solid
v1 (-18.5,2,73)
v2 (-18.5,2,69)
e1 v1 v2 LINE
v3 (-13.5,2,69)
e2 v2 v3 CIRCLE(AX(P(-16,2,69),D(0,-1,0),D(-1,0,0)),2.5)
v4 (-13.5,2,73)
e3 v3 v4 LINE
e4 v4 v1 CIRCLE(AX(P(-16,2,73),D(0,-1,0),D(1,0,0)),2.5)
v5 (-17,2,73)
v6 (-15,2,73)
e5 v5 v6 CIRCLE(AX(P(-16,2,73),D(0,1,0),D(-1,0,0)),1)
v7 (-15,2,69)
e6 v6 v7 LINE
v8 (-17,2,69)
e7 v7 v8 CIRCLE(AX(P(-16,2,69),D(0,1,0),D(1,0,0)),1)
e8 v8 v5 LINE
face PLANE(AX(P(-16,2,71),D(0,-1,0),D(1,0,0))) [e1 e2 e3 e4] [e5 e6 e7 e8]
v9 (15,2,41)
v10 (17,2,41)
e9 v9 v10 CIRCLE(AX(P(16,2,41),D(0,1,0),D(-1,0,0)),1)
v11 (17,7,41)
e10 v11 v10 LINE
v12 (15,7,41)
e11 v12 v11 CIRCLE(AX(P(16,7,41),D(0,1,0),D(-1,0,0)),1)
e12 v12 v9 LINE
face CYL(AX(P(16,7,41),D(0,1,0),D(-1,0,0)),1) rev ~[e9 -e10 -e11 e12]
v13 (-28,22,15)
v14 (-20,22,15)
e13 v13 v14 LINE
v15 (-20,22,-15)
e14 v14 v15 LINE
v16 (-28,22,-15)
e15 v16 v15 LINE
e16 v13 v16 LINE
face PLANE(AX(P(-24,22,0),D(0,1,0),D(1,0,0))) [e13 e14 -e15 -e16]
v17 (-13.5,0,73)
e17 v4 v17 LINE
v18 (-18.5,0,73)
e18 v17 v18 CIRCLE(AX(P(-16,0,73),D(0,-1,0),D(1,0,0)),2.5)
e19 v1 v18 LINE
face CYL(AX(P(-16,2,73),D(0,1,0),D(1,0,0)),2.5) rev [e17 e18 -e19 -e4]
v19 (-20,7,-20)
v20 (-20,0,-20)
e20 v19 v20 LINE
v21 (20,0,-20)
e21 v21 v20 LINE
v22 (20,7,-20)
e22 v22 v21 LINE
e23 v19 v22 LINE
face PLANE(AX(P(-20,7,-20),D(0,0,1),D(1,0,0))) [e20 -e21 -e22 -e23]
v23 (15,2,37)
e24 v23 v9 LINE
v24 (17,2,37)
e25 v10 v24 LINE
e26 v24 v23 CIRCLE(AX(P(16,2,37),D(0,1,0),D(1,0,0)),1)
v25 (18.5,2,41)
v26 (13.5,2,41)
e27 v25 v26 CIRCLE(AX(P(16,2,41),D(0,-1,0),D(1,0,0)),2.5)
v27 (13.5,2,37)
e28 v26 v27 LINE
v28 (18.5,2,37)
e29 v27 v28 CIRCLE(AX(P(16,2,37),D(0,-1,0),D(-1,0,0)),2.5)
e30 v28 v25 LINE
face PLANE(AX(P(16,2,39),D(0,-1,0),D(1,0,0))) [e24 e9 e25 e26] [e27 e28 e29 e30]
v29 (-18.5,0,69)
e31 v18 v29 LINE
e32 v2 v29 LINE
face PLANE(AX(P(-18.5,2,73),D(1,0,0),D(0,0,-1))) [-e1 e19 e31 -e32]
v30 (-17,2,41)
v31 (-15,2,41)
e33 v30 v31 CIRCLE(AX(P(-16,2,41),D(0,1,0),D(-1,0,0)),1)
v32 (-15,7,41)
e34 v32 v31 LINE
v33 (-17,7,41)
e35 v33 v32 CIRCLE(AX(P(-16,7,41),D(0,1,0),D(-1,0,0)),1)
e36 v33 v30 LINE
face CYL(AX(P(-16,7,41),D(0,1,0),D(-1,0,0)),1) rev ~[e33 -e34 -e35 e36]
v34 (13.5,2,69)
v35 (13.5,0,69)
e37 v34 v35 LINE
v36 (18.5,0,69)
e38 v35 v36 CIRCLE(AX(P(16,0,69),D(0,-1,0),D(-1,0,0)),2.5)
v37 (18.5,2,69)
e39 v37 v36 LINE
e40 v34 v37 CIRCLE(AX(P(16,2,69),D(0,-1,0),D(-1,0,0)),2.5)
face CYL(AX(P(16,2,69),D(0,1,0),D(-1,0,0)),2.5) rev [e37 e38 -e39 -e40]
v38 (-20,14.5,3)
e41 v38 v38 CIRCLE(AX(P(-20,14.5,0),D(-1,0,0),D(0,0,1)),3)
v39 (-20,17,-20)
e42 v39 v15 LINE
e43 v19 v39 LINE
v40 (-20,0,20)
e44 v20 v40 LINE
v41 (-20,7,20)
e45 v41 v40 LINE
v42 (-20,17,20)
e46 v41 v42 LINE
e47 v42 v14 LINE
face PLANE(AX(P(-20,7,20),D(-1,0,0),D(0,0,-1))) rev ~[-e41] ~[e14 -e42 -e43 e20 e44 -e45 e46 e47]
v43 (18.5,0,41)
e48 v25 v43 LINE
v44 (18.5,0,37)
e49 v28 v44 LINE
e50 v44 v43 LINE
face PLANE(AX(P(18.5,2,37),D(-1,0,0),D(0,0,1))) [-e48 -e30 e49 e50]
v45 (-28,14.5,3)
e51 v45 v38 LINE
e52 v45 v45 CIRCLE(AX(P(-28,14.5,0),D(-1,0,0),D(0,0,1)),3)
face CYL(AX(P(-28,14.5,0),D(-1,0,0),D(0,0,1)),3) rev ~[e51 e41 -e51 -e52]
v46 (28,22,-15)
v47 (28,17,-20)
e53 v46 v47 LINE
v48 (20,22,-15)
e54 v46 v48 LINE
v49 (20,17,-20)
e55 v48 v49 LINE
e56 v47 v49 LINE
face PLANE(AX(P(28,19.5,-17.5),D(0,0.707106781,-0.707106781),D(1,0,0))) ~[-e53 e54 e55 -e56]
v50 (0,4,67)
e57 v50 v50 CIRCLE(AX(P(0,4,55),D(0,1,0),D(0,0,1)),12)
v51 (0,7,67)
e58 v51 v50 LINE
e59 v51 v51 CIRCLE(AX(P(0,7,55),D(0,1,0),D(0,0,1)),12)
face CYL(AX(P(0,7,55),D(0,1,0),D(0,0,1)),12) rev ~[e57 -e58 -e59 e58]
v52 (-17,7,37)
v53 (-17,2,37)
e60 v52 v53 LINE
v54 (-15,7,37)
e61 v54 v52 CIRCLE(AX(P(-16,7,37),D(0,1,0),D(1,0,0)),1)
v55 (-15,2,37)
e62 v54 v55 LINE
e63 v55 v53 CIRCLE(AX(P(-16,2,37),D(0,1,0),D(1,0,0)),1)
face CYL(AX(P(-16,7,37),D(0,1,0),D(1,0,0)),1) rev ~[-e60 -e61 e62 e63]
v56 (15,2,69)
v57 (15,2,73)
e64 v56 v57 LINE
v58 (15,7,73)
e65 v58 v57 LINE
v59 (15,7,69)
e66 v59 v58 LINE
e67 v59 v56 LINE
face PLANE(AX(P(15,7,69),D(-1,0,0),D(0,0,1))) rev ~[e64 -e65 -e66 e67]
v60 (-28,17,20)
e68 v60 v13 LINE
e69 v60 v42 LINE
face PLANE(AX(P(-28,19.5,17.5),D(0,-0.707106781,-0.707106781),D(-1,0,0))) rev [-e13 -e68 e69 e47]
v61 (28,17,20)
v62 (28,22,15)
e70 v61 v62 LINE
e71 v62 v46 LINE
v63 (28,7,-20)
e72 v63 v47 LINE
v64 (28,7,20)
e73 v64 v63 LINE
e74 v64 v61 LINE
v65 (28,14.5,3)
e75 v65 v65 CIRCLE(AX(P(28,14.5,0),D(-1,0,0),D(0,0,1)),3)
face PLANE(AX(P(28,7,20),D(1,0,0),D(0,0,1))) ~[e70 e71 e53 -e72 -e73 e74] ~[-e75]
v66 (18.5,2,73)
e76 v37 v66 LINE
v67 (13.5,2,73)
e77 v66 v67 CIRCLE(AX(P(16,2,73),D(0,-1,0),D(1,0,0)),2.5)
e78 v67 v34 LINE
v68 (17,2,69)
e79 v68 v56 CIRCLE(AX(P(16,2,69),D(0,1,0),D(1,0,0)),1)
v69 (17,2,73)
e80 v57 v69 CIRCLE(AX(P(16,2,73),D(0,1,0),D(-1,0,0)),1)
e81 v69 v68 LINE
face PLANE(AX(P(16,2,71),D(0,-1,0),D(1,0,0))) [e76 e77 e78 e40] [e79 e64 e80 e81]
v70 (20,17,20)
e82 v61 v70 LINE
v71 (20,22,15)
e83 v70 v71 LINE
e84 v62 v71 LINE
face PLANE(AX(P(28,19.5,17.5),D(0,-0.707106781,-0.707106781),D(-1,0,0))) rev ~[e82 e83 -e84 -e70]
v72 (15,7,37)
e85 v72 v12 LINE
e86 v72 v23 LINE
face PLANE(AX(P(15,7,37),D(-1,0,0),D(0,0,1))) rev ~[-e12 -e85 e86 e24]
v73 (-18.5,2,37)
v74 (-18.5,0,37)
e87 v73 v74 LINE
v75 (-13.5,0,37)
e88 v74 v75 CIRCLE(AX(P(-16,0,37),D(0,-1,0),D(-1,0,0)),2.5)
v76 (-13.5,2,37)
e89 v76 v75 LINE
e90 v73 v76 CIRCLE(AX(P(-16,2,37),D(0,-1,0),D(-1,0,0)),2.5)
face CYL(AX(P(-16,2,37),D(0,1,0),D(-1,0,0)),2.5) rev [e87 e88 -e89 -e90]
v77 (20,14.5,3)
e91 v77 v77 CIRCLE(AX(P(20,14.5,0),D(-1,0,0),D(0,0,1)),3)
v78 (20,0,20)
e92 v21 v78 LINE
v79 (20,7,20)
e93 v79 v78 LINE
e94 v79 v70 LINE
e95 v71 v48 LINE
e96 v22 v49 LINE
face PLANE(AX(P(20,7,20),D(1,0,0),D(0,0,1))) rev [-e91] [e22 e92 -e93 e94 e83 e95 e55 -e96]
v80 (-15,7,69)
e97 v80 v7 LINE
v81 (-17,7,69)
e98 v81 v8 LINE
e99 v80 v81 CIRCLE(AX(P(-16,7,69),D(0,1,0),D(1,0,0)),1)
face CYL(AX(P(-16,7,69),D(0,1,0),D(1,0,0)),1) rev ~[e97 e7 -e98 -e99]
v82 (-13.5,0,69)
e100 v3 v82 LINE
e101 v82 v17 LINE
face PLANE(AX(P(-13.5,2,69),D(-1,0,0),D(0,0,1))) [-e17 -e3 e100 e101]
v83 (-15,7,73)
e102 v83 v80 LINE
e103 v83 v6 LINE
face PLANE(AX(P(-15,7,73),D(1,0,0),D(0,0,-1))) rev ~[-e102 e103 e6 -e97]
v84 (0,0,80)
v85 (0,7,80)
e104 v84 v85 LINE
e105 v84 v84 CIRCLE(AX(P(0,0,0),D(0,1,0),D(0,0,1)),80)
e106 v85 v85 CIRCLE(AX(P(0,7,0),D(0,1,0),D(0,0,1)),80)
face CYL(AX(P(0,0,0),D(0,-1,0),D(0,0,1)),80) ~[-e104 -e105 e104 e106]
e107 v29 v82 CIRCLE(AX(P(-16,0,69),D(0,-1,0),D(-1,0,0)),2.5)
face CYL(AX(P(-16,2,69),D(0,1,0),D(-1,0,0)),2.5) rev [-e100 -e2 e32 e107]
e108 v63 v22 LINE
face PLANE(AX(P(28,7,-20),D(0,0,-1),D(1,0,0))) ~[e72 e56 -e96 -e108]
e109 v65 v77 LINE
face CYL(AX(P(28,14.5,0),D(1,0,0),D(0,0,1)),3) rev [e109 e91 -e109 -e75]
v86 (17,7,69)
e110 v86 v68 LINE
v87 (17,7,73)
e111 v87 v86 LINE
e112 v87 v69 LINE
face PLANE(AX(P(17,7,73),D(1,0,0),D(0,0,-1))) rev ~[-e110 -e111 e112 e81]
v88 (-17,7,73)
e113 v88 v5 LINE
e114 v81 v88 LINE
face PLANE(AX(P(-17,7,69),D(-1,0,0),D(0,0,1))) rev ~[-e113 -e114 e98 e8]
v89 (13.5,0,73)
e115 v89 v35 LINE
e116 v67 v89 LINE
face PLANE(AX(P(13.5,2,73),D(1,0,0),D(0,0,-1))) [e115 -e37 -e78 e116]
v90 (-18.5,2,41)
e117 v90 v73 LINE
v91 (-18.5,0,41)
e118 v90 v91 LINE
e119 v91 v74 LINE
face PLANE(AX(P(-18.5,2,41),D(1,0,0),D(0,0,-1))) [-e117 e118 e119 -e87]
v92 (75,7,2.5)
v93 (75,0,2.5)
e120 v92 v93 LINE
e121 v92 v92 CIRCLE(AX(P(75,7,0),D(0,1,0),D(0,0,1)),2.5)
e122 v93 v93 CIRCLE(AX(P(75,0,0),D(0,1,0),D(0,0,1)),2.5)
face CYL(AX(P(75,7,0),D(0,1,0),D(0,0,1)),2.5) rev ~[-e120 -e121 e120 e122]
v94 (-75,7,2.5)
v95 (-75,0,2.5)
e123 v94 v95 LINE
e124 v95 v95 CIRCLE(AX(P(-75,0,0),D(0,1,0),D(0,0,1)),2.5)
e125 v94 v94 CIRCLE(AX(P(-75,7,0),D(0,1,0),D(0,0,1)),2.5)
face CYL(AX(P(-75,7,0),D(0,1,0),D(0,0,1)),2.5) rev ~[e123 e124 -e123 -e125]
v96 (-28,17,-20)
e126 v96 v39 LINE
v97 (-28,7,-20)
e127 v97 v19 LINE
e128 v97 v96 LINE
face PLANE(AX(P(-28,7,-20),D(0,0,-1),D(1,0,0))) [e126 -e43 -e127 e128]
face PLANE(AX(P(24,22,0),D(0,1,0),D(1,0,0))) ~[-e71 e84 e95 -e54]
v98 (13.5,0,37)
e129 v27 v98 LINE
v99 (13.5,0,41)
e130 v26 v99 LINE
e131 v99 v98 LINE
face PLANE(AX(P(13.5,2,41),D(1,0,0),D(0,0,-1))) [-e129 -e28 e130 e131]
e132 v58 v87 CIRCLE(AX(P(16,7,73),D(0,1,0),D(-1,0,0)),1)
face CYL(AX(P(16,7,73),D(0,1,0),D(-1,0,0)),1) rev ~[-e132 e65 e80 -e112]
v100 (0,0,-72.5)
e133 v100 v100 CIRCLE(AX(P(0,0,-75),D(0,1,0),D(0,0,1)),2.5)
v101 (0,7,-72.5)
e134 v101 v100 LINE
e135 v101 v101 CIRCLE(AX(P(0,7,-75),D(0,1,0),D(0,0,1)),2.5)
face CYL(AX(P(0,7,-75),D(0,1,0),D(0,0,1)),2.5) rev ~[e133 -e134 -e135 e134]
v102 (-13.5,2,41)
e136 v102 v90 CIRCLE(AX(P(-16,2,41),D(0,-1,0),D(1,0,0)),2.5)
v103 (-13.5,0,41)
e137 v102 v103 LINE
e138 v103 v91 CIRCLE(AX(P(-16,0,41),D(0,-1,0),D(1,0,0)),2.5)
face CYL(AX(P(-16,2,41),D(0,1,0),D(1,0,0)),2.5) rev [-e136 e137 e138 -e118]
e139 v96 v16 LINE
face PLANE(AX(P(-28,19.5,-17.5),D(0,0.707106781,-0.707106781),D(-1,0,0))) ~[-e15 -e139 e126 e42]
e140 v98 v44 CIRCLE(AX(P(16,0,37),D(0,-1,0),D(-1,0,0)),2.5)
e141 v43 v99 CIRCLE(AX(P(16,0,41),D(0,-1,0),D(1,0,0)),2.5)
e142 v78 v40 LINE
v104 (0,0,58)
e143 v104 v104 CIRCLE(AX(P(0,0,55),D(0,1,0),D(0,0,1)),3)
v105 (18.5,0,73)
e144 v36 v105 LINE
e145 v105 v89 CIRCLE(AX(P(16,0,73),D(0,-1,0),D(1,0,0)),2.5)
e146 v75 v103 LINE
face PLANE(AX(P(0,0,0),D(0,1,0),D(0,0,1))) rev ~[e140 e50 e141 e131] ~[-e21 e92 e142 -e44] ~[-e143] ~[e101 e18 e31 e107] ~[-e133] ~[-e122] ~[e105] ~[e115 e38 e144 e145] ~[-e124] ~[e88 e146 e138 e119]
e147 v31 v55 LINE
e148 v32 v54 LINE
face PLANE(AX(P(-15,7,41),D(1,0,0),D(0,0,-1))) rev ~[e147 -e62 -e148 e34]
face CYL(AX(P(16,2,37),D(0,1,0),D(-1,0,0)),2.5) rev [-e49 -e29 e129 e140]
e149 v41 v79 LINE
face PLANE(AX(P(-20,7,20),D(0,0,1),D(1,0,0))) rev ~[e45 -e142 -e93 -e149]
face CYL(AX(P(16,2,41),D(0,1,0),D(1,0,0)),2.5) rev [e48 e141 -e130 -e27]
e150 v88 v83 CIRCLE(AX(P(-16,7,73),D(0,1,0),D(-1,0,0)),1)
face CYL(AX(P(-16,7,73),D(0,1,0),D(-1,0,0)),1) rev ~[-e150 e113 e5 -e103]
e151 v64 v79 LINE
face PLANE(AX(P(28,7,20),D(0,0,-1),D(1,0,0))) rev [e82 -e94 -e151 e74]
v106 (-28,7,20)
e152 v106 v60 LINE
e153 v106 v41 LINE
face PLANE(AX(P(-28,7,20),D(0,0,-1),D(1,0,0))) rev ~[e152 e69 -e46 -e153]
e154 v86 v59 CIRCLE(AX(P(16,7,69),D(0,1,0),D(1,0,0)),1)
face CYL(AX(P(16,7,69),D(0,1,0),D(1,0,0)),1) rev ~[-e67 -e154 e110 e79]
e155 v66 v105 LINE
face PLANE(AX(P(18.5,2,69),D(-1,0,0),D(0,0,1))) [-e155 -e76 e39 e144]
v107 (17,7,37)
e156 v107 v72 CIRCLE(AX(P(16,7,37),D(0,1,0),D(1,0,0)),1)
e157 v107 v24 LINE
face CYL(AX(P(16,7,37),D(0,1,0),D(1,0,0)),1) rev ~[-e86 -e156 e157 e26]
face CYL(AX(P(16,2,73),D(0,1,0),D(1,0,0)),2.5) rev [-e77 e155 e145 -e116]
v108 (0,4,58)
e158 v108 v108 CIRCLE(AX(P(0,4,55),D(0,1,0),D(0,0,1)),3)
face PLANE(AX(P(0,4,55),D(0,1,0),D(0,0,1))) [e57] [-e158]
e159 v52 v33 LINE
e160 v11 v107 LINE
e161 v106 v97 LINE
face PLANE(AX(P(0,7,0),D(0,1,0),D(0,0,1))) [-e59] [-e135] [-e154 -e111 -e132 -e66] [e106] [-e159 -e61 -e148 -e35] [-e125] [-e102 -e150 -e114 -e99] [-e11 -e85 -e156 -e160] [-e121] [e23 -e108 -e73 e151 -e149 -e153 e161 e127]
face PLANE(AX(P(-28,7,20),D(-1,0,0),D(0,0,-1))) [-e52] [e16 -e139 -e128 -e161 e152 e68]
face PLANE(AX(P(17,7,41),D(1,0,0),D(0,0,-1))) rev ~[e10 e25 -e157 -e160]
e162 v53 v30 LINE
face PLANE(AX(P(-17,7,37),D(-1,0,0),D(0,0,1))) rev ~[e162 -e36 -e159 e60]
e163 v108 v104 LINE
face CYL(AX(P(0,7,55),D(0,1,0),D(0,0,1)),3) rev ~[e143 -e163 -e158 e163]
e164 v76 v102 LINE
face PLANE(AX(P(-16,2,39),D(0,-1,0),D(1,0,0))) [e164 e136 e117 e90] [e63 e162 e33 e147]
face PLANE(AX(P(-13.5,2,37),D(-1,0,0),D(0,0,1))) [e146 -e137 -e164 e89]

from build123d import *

# Parameters (mm, degrees)
SKETCH1_R               = 80
BOSS_EXTRUDE1_DEPTH     = 7
CUT_EXTRUDE1_REACH      = 115.353
SKETCH2_R               = 2.5
CUT_EXTRUDE2_REACH      = 115.353
SKETCH3_W               = 40
SKETCH3_H               = 40
SKETCH5_W               = 8
SKETCH5_H               = 40
BOSS_EXTRUDE2_DEPTH     = 15
FILLET1_SIZE            = 5
CUT_EXTRUDE4_REACH      = 138.191
SKETCH6_R               = 3
FILLET1_OF_MIRROR1_SIZE = 5
CUT_EXTRUDE3_REACH      = 116.127
SKETCH4_R               = 3
CUT_EXTRUDE5_START      = -2
CUT_EXTRUDE5_DEPTH      = 2
SKETCH8_R               = 12
CUT_EXTRUDE6_DEPTH      = 3


with BuildPart() as part:
    # Sketch1 → Boss-Extrude1 (new body)
    with BuildSketch(Plane(origin=(0, 0, 0), x_dir=(1, 0, 0), z_dir=(0, 1, 0))):
        with Locations(Location((0, 0, 0), (0, 0, 270))):
            Circle(SKETCH1_R)
    extrude(amount=BOSS_EXTRUDE1_DEPTH)

    # Sketch2 → Cut-Extrude1 (cut, up to next)
    with BuildSketch(Plane(origin=(0, 7, 0), x_dir=(1, 0, 0), z_dir=(0, 1, 0)), mode=Mode.PRIVATE) as cut_extrude1_sk1:
        with Locations(Location((-75, 0, 0), (0, 0, 270))):
            Circle(SKETCH2_R)
    cut_extrude1_tool1 = extrude(cut_extrude1_sk1.sketch, amount=-CUT_EXTRUDE1_REACH, mode=Mode.PRIVATE) & part.part
    # Sketch2 → Cut-Extrude1 (cut, up to next)
    with BuildSketch(Plane(origin=(0, 7, 0), x_dir=(1, 0, 0), z_dir=(0, 1, 0)), mode=Mode.PRIVATE) as cut_extrude1_sk2:
        with Locations(Location((0, 75, 0), (0, 0, 270))):
            Circle(SKETCH2_R)
    cut_extrude1_tool2 = extrude(cut_extrude1_sk2.sketch, amount=-CUT_EXTRUDE1_REACH, mode=Mode.PRIVATE) & part.part
    # Sketch2 → Cut-Extrude1 (cut, up to next)
    with BuildSketch(Plane(origin=(0, 7, 0), x_dir=(1, 0, 0), z_dir=(0, 1, 0)), mode=Mode.PRIVATE) as cut_extrude1_sk3:
        with Locations(Location((75, 0, 0), (0, 0, 270))):
            Circle(SKETCH2_R)
    cut_extrude1_tool3 = extrude(cut_extrude1_sk3.sketch, amount=-CUT_EXTRUDE1_REACH, mode=Mode.PRIVATE) & part.part
    add(cut_extrude1_tool1.solids().sort_by_distance((-75, 7, 0))[0], mode=Mode.SUBTRACT)
    add(cut_extrude1_tool2.solids().sort_by_distance((0, 7, -75))[0], mode=Mode.SUBTRACT)
    add(cut_extrude1_tool3.solids().sort_by_distance((75, 7, 0))[0], mode=Mode.SUBTRACT)

    # Sketch3 → Cut-Extrude2 (cut, up to next)
    with BuildSketch(Plane(origin=(0, 7, 0), x_dir=(1, 0, 0), z_dir=(0, 1, 0)), mode=Mode.PRIVATE) as cut_extrude2_sk1:
        Rectangle(SKETCH3_W, SKETCH3_H)
    cut_extrude2_tool1 = extrude(cut_extrude2_sk1.sketch, amount=-CUT_EXTRUDE2_REACH, mode=Mode.PRIVATE) & part.part
    add(cut_extrude2_tool1.solids().sort_by_distance((0, 7, 0))[0], mode=Mode.SUBTRACT)

    # Sketch5 → Boss-Extrude2 (add)
    with BuildSketch(Plane(origin=(0, 7, 0), x_dir=(1, 0, 0), z_dir=(0, 1, 0))):
        with Locations((-24, 0)):
            Rectangle(SKETCH5_W, SKETCH5_H)
    boss_extrude2 = extrude(amount=BOSS_EXTRUDE2_DEPTH)

    # Fillet1
    fillet1_edges = [part.edges().sort_by_distance(p)[0] for p in [
        (-24, 22, -20),
        (-24, 22, 20),
    ]]
    chamfer(fillet1_edges, length=FILLET1_SIZE)

    # Sketch6 → Cut-Extrude4 (cut, up to next)
    with BuildSketch(Plane.ZY.offset(28), mode=Mode.PRIVATE) as cut_extrude4_sk1:
        with Locations((0, 14.5)):
            Circle(SKETCH6_R)
    cut_extrude4_tool1 = extrude(cut_extrude4_sk1.sketch, amount=-CUT_EXTRUDE4_REACH, mode=Mode.PRIVATE) & part.part
    cut_extrude4 = cut_extrude4_tool1.solids().sort_by_distance((-28, 14.5, 0))[0]
    add(cut_extrude4, mode=Mode.SUBTRACT)

    # Mirror1: Boss-Extrude2, Cut-Extrude4 across plane
    add(boss_extrude2.mirror(Plane.ZY))
    add(cut_extrude4.mirror(Plane.ZY), mode=Mode.SUBTRACT)

    # Fillet1 of Mirror1
    fillet1_of_mirror1_edges = [part.edges().sort_by_distance(p)[0] for p in [
        (24, 22, -20),
        (24, 22, 20),
    ]]
    chamfer(fillet1_of_mirror1_edges, length=FILLET1_OF_MIRROR1_SIZE)

    # Sketch4 → Cut-Extrude3 (cut, up to next)
    with BuildSketch(Plane(origin=(0, 7, 0), x_dir=(1, 0, 0), z_dir=(0, 1, 0)), mode=Mode.PRIVATE) as cut_extrude3_sk1:
        with BuildLine():
            Line((-17, -37), (-17, -41))
            ThreePointArc((-17, -41), (-16, -42), (-15, -41))
            Line((-15, -41), (-15, -37))
            ThreePointArc((-15, -37), (-16, -36), (-17, -37))
        make_face()
    cut_extrude3_tool1 = extrude(cut_extrude3_sk1.sketch, amount=-CUT_EXTRUDE3_REACH, mode=Mode.PRIVATE) & part.part
    # Sketch4 → Cut-Extrude3 (cut, up to next)
    with BuildSketch(Plane(origin=(0, 7, 0), x_dir=(1, 0, 0), z_dir=(0, 1, 0)), mode=Mode.PRIVATE) as cut_extrude3_sk2:
        with BuildLine():
            Line((15, -37), (15, -41))
            ThreePointArc((15, -41), (16, -42), (17, -41))
            Line((17, -41), (17, -37))
            ThreePointArc((17, -37), (16, -36), (15, -37))
        make_face()
    cut_extrude3_tool2 = extrude(cut_extrude3_sk2.sketch, amount=-CUT_EXTRUDE3_REACH, mode=Mode.PRIVATE) & part.part
    # Sketch4 → Cut-Extrude3 (cut, up to next)
    with BuildSketch(Plane(origin=(0, 7, 0), x_dir=(1, 0, 0), z_dir=(0, 1, 0)), mode=Mode.PRIVATE) as cut_extrude3_sk3:
        with BuildLine():
            Line((15, -69), (15, -73))
            ThreePointArc((15, -73), (16, -74), (17, -73))
            Line((17, -73), (17, -69))
            ThreePointArc((17, -69), (16, -68), (15, -69))
        make_face()
    cut_extrude3_tool3 = extrude(cut_extrude3_sk3.sketch, amount=-CUT_EXTRUDE3_REACH, mode=Mode.PRIVATE) & part.part
    # Sketch4 → Cut-Extrude3 (cut, up to next)
    with BuildSketch(Plane(origin=(0, 7, 0), x_dir=(1, 0, 0), z_dir=(0, 1, 0)), mode=Mode.PRIVATE) as cut_extrude3_sk4:
        with BuildLine():
            Line((-17, -69), (-17, -73))
            ThreePointArc((-17, -73), (-16, -74), (-15, -73))
            Line((-15, -73), (-15, -69))
            ThreePointArc((-15, -69), (-16, -68), (-17, -69))
        make_face()
    cut_extrude3_tool4 = extrude(cut_extrude3_sk4.sketch, amount=-CUT_EXTRUDE3_REACH, mode=Mode.PRIVATE) & part.part
    # Sketch4 → Cut-Extrude3 (cut, up to next)
    with BuildSketch(Plane(origin=(0, 7, 0), x_dir=(1, 0, 0), z_dir=(0, 1, 0)), mode=Mode.PRIVATE) as cut_extrude3_sk5:
        with Locations(Location((0, -55, 0), (0, 0, 270))):
            Circle(SKETCH4_R)
    cut_extrude3_tool5 = extrude(cut_extrude3_sk5.sketch, amount=-CUT_EXTRUDE3_REACH, mode=Mode.PRIVATE) & part.part
    add(cut_extrude3_tool1.solids().sort_by_distance((-16, 7, 39))[0], mode=Mode.SUBTRACT)
    add(cut_extrude3_tool2.solids().sort_by_distance((16, 7, 39))[0], mode=Mode.SUBTRACT)
    add(cut_extrude3_tool3.solids().sort_by_distance((16, 7, 71))[0], mode=Mode.SUBTRACT)
    add(cut_extrude3_tool4.solids().sort_by_distance((-16, 7, 71))[0], mode=Mode.SUBTRACT)
    add(cut_extrude3_tool5.solids().sort_by_distance((0, 7, 55))[0], mode=Mode.SUBTRACT)

    # Sketch7 → Cut-Extrude5 (cut)
    # profile 1 of 4: a face of its own
    with BuildSketch(Plane.XZ.offset(CUT_EXTRUDE5_START)):
        with BuildLine():
            Line((-13.5, 69), (-13.5, 73))
            ThreePointArc((-13.5, 73), (-16, 75.5), (-18.5, 73))
            Line((-18.5, 73), (-18.5, 69))
            ThreePointArc((-18.5, 69), (-16, 66.5), (-13.5, 69))
        make_face()
        with BuildLine():
            ThreePointArc((-15, 69), (-16, 68), (-17, 69))
            Line((-17, 69), (-17, 73))
            ThreePointArc((-17, 73), (-16, 74), (-15, 73))
            Line((-15, 73), (-15, 69))
        make_face(mode=Mode.SUBTRACT)
    # profile 2 of 4: a face of its own
    with BuildSketch(Plane.XZ.offset(CUT_EXTRUDE5_START)):
        with BuildLine():
            Line((18.5, 69), (18.5, 73))
            ThreePointArc((18.5, 73), (16, 75.5), (13.5, 73))
            Line((13.5, 73), (13.5, 69))
            ThreePointArc((13.5, 69), (16, 66.5), (18.5, 69))
        make_face()
        with BuildLine():
            ThreePointArc((17, 69), (16, 68), (15, 69))
            Line((15, 69), (15, 73))
            ThreePointArc((15, 73), (16, 74), (17, 73))
            Line((17, 73), (17, 69))
        make_face(mode=Mode.SUBTRACT)
    # profile 3 of 4: a face of its own
    with BuildSketch(Plane.XZ.offset(CUT_EXTRUDE5_START)):
        with BuildLine():
            Line((-13.5, 37), (-13.5, 41))
            ThreePointArc((-13.5, 41), (-16, 43.5), (-18.5, 41))
            Line((-18.5, 41), (-18.5, 37))
            ThreePointArc((-18.5, 37), (-16, 34.5), (-13.5, 37))
        make_face()
        with BuildLine():
            ThreePointArc((-15, 37), (-16, 36), (-17, 37))
            Line((-17, 37), (-17, 41))
            ThreePointArc((-17, 41), (-16, 42), (-15, 41))
            Line((-15, 41), (-15, 37))
        make_face(mode=Mode.SUBTRACT)
    # profile 4 of 4: a face of its own
    with BuildSketch(Plane.XZ.offset(CUT_EXTRUDE5_START)):
        with BuildLine():
            Line((18.5, 37), (18.5, 41))
            ThreePointArc((18.5, 41), (16, 43.5), (13.5, 41))
            Line((13.5, 41), (13.5, 37))
            ThreePointArc((13.5, 37), (16, 34.5), (18.5, 37))
        make_face()
        with BuildLine():
            ThreePointArc((17, 37), (16, 36), (15, 37))
            Line((15, 37), (15, 41))
            ThreePointArc((15, 41), (16, 42), (17, 41))
            Line((17, 41), (17, 37))
        make_face(mode=Mode.SUBTRACT)
    extrude(amount=CUT_EXTRUDE5_DEPTH, mode=Mode.SUBTRACT)

    # Sketch8 → Cut-Extrude6 (cut)
    with BuildSketch(Plane(origin=(0, 7, 0), x_dir=(1, 0, 0), z_dir=(0, 1, 0))):
        with Locations(Location((0, -55, 0), (0, 0, 270))):
            Circle(SKETCH8_R)
    extrude(amount=-CUT_EXTRUDE6_DEPTH, mode=Mode.SUBTRACT)


solid = part.part
